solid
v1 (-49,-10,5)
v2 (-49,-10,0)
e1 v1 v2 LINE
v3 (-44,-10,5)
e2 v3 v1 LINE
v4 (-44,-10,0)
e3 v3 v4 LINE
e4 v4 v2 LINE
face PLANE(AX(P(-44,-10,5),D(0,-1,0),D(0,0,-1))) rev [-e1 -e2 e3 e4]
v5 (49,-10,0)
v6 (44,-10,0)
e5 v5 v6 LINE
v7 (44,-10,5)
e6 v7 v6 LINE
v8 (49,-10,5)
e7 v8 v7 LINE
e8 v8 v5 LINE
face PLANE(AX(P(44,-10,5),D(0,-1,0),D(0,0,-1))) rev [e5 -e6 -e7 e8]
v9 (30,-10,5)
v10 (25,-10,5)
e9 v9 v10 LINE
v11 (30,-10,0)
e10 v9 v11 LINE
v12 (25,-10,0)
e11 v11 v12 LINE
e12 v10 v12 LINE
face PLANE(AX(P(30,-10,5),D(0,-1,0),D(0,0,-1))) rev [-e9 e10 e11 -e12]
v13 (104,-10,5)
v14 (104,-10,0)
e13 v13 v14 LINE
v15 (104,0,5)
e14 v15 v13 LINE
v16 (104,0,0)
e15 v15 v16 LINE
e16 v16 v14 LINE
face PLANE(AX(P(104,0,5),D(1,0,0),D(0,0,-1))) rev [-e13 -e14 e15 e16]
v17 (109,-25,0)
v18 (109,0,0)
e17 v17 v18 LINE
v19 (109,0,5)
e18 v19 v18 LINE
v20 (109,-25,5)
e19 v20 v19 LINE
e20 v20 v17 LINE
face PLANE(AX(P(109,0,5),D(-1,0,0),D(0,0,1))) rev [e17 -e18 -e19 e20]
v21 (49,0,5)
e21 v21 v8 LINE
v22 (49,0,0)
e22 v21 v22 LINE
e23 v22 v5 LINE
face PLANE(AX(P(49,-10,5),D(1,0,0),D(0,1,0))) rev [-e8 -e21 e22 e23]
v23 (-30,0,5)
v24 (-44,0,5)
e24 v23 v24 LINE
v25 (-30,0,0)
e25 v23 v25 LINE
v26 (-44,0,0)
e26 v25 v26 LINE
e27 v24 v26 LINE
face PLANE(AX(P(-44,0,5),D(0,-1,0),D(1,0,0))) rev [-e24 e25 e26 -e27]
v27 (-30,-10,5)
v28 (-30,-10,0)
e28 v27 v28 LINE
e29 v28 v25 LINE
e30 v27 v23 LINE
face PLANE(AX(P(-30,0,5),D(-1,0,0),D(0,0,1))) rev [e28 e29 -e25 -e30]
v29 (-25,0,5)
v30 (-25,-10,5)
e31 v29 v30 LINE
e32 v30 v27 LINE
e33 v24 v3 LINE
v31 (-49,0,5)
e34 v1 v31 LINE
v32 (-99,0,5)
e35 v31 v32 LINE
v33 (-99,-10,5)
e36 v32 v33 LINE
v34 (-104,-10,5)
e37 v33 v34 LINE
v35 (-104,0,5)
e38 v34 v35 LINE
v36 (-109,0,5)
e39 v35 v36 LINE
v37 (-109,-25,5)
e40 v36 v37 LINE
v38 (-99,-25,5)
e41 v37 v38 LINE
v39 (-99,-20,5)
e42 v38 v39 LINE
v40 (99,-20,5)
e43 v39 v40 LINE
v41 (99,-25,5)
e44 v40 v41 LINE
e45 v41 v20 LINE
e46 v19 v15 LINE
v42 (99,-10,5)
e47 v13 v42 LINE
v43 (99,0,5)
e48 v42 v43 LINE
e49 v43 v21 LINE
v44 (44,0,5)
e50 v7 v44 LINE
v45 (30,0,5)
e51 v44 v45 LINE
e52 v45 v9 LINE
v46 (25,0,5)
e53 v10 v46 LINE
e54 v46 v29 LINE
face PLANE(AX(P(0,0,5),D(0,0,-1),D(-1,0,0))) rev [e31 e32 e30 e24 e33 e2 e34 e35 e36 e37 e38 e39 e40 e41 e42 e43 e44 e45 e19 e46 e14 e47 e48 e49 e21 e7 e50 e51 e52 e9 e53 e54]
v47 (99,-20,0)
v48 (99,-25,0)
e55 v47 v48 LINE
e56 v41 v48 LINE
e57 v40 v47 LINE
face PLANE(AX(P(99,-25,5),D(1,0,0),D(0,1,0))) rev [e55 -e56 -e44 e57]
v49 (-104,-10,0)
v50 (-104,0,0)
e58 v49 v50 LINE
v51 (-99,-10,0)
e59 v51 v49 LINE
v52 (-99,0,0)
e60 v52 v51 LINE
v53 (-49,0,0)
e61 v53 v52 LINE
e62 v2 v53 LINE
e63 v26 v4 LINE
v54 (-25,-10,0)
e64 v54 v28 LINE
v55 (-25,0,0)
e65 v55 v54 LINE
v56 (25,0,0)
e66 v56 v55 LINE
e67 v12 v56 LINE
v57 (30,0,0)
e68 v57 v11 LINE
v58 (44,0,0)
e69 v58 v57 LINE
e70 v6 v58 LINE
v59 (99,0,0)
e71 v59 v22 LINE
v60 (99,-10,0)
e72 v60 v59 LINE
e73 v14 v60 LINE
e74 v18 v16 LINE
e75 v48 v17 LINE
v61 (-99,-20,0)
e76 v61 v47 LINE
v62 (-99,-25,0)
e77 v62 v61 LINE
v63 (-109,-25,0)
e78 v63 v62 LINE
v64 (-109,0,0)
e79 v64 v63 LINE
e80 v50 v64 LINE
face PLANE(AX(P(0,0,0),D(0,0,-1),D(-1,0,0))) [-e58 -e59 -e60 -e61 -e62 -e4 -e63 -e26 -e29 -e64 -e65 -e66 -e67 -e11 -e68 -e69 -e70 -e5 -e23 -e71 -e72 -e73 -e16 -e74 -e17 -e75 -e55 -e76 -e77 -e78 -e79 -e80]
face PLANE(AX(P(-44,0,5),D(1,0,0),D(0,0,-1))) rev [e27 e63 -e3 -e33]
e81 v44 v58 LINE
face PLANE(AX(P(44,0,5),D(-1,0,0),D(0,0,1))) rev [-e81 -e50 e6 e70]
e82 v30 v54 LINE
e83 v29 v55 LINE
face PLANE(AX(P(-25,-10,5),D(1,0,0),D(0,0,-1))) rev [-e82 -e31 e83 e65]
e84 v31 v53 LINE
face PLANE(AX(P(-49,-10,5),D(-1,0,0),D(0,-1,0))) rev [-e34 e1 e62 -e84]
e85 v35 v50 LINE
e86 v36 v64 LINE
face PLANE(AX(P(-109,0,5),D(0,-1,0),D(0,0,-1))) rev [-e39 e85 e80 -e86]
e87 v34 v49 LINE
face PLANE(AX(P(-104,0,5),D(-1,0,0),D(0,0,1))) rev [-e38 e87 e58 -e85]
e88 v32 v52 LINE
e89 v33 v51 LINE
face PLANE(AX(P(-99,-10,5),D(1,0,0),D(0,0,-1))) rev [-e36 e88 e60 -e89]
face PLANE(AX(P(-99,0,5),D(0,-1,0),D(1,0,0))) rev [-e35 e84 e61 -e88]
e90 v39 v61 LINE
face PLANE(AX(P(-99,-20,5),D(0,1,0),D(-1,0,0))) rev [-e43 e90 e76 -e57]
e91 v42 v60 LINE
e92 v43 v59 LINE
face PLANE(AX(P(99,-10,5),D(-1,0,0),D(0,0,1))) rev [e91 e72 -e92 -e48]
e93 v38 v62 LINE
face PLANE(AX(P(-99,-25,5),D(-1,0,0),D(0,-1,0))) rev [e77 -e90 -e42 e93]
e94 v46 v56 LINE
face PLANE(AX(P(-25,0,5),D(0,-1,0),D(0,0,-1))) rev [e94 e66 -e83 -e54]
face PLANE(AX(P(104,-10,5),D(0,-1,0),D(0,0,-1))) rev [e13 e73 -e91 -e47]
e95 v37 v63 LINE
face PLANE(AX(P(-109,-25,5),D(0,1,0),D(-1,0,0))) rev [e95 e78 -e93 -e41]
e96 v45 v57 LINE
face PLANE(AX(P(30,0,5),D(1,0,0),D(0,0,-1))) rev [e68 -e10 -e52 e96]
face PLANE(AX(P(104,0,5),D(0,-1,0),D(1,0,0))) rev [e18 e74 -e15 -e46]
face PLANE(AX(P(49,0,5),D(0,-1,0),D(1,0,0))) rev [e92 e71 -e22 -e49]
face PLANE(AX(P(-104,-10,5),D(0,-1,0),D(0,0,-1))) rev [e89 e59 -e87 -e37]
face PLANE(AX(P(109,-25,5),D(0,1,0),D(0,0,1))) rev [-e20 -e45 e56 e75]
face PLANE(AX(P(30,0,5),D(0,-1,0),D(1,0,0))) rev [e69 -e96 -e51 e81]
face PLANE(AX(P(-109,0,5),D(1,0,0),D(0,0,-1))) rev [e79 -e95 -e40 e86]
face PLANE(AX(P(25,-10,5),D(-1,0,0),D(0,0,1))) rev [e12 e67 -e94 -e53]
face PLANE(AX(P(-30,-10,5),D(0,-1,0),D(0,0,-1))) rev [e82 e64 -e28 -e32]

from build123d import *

# Parameters (mm, degrees)
BOSS_EXTRU_1_DEPTH = 5


with BuildPart() as part:
    # Esquisse1 → Boss.-Extru.1 (new body)
    with BuildSketch(Plane.XY):
        Polygon((-30, 0), (-30, -10), (-25, -10), (-25, 0), (25, 0), (25, -10), (30, -10), (30, 0), (44, 0), (44, -10), (49, -10), (49, 0), (99, 0), (99, -10), (104, -10), (104, 0), (109, 0), (109, -25), (99, -25), (99, -20), (-99, -20), (-99, -25), (-109, -25), (-109, 0), (-104, 0), (-104, -10), (-99, -10), (-99, 0), (-49, 0), (-49, -10), (-44, -10), (-44, 0), align=None)
    extrude(amount=BOSS_EXTRU_1_DEPTH)


solid = part.part
